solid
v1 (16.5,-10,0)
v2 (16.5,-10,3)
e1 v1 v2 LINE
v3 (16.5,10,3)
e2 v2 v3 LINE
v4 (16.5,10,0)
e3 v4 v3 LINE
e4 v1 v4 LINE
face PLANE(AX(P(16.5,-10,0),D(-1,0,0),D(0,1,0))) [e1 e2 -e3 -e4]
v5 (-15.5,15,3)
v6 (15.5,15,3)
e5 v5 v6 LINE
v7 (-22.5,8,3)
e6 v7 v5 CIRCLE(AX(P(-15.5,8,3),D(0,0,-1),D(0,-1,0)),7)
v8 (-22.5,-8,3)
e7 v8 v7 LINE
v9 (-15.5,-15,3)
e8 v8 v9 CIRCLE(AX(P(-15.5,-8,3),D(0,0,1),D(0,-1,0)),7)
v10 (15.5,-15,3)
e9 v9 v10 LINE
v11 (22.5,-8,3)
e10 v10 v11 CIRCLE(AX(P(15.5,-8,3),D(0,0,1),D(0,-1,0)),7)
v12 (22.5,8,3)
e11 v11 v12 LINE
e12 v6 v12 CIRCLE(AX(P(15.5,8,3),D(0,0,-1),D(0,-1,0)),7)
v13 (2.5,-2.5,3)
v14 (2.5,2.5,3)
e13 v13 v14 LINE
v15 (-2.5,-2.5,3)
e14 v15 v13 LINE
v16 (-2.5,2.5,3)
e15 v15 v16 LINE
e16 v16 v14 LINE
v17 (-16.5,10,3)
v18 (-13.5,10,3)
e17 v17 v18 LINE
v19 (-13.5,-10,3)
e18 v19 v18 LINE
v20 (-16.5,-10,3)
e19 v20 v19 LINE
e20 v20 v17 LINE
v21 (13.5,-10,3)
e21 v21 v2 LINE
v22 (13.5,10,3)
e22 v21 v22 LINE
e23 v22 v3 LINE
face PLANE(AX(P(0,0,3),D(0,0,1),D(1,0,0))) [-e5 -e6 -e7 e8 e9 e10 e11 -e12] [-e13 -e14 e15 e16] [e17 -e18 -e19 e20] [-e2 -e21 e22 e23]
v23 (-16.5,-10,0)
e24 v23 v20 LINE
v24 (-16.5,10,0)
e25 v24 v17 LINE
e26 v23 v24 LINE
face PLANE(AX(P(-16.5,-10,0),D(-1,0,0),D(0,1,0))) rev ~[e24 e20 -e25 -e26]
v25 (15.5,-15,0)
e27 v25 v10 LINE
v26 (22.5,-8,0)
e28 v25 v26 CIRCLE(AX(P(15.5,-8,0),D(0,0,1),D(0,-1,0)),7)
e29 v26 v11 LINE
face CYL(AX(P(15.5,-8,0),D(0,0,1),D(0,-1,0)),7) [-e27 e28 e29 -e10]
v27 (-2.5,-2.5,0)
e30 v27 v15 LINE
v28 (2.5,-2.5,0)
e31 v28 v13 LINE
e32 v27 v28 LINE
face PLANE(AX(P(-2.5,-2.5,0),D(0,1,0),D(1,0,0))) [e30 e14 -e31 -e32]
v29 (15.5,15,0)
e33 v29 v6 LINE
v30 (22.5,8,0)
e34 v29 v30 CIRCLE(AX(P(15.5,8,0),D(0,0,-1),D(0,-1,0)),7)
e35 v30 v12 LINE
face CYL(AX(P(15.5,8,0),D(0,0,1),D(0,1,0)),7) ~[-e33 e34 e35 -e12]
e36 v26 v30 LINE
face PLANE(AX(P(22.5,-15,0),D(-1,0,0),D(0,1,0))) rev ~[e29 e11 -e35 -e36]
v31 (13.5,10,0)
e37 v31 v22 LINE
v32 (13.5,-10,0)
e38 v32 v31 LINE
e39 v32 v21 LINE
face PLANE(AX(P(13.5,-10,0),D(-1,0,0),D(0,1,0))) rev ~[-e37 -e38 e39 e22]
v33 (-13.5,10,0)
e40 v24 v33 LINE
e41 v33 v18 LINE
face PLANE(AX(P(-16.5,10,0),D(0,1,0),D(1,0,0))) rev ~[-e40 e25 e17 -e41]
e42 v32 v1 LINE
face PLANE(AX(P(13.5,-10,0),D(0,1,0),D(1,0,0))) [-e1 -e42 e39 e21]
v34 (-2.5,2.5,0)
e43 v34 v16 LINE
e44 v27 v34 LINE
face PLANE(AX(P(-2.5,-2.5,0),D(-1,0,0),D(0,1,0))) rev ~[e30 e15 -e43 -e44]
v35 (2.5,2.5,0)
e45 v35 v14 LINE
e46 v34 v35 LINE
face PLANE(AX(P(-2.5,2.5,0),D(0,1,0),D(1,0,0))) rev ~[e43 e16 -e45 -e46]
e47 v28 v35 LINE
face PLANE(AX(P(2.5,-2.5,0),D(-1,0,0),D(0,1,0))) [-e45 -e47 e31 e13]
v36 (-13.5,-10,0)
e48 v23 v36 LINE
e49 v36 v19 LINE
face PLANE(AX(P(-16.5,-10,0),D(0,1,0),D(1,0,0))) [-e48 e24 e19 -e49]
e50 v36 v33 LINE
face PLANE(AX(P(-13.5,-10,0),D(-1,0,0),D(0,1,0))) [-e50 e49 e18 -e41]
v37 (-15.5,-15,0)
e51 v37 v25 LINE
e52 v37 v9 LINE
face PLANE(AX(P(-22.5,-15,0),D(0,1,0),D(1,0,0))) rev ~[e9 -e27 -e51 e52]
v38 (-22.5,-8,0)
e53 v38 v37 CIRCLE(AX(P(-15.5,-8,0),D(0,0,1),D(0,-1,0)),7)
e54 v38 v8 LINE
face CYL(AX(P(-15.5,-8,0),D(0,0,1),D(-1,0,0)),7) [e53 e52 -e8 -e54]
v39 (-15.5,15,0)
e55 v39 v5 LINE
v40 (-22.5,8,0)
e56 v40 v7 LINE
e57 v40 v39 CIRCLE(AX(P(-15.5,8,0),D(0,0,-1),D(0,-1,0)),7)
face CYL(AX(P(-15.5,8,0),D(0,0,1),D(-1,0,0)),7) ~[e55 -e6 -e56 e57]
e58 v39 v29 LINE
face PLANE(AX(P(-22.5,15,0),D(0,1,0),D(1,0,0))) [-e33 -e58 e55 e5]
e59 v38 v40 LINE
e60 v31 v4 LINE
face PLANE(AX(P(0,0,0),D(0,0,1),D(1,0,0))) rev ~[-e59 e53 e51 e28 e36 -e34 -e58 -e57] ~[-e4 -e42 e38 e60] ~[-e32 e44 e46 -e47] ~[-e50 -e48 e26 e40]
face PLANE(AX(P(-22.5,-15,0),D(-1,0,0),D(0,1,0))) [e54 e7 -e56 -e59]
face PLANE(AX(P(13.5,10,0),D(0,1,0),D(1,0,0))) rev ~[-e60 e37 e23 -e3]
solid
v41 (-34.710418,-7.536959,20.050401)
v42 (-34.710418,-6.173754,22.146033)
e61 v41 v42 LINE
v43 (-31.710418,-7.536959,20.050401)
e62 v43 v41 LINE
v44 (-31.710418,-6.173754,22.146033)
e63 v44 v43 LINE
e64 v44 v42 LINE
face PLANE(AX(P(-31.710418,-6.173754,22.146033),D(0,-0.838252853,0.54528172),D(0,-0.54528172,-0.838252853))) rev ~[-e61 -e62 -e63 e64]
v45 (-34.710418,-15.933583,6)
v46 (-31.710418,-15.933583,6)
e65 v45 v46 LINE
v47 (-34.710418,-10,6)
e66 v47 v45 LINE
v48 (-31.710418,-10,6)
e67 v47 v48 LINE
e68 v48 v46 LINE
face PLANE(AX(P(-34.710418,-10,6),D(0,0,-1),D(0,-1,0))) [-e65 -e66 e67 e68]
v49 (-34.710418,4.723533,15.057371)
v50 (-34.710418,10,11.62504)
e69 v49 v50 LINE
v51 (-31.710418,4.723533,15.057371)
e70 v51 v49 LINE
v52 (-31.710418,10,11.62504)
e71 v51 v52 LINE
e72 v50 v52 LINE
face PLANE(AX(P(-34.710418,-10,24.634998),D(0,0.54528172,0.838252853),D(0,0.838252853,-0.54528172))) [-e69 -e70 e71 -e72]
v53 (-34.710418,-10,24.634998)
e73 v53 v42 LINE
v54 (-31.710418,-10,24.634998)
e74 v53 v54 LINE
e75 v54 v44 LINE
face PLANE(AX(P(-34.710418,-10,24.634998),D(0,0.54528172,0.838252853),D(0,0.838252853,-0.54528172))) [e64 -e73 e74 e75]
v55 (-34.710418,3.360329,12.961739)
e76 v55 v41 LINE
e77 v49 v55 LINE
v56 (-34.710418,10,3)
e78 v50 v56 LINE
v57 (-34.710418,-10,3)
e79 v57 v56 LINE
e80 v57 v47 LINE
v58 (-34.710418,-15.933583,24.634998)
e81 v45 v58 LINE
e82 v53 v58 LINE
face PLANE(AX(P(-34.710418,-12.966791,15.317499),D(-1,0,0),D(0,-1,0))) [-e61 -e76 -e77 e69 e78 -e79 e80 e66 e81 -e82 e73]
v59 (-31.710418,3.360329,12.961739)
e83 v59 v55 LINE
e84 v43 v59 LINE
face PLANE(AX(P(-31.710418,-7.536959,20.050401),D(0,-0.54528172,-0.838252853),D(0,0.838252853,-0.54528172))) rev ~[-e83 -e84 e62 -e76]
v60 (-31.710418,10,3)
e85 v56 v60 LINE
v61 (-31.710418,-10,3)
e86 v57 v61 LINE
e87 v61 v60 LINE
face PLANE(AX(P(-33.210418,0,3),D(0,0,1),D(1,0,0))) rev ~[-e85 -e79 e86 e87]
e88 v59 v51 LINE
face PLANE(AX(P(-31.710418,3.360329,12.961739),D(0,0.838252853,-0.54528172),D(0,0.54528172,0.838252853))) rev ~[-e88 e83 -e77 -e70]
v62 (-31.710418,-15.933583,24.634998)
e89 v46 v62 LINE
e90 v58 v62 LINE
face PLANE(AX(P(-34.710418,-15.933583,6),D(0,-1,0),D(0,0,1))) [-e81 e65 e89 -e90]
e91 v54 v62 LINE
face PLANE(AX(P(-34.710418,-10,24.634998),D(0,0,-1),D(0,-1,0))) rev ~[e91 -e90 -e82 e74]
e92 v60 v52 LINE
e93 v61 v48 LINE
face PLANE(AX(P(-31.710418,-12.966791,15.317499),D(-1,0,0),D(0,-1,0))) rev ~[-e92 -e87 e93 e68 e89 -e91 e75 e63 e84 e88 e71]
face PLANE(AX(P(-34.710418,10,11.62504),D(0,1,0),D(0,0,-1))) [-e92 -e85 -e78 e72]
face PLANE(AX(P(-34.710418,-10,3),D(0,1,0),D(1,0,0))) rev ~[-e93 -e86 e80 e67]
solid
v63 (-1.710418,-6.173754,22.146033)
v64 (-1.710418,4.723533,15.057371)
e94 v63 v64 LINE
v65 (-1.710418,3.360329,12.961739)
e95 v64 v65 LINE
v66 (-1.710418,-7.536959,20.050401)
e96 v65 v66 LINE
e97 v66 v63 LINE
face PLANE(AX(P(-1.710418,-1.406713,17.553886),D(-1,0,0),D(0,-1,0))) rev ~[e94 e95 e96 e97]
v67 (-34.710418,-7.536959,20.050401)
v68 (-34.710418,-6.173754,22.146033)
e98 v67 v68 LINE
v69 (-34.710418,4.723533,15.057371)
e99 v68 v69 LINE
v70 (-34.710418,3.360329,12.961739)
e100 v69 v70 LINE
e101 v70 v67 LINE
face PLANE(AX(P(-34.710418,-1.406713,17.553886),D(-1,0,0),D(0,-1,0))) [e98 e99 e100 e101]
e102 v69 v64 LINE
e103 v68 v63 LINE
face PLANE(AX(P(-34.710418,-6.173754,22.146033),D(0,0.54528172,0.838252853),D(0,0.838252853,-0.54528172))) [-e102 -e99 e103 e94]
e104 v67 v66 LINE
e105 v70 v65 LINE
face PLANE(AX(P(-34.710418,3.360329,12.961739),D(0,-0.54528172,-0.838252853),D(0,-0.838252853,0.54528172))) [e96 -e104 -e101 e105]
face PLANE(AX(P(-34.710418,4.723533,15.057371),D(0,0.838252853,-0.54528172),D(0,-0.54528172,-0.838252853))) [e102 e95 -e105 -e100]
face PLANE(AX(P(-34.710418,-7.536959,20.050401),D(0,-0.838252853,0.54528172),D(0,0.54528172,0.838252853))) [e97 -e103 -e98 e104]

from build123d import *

# Parameters (mm, degrees)
F0_W      = 45
F0_H      = 30
F0_W_2    = 3
F0_H_2    = 20
F0_W_3    = 5
F0_H_3    = 5
F1_DEPTH  = 3
F2_R      = 7
F3_W      = 3
F3_H      = 20
F4_DEPTH  = 3
F5_W      = 5.9335825592
F5_H      = 18.6349982917
F6_DEPTH  = 3
F8_DEPTH  = 25
F10_DEPTH = 33


with BuildPart() as f1:
    # F0 (on Top) → F1 (new body)
    with BuildSketch(Plane.XY):
        Rectangle(F0_W, F0_H)
        with Locations((-15, 0)):
            Rectangle(F0_W_2, F0_H_2, mode=Mode.SUBTRACT)
        Rectangle(F0_W_3, F0_H_3, mode=Mode.SUBTRACT)
        with Locations((15, 0)):
            Rectangle(F0_W_2, F0_H_2, mode=Mode.SUBTRACT)
    extrude(amount=F1_DEPTH)

    # F2
    f2_edges = [f1.edges().sort_by_distance(p)[0] for p in [
        (-22.5, 15, 1.5),
        (-22.5, -15, 1.5),
        (22.5, -15, 1.5),
        (22.5, 15, 1.5),
    ]]
    fillet(f2_edges, radius=F2_R)


with BuildPart() as f4:
    # F3 (on face) → F4 (new body)
    with BuildSketch(Plane.XY.offset(3)):
        with Locations((-33.210418433, 0)):
            Rectangle(F3_W, F3_H)
    extrude(amount=F4_DEPTH)

    # F5 (on face) → F6 (join)
    with BuildSketch(Plane(origin=(-34.710418433, 0, 0), x_dir=(0, -1, 0), z_dir=(-1, 0, 0))):
        with Locations((12.9667912796, 15.3174991459)):
            Rectangle(F5_W, F5_H)
        Polygon((10, 6), (10, 24.6349982917), (-10, 11.6250403225), (-10, 6), align=None)
    extrude(amount=-F6_DEPTH)

    # F7 (on face) → F8 (cut)
    with BuildSketch(Plane.YZ.offset(-31.710418433)):
        Polygon((4.7235328902, 15.0573710887), (-6.1737542047, 22.1460334429), (-7.5369585036, 20.0504013093), (3.3603285913, 12.9617389551), align=None)
    extrude(amount=-F8_DEPTH, mode=Mode.SUBTRACT)


with BuildPart() as f10:
    # F9 (on face) → F10 (new body)
    with BuildSketch(Plane(origin=(-34.710418433, 0, 0), x_dir=(0, -1, 0), z_dir=(-1, 0, 0))):
        Polygon((-3.3603285913, 12.9617389551), (7.5369585036, 20.0504013093), (6.1737542047, 22.1460334429), (-4.7235328902, 15.0573710887), align=None)
    extrude(amount=-F10_DEPTH)


solid = Compound([f1.part, f4.part, f10.part])
